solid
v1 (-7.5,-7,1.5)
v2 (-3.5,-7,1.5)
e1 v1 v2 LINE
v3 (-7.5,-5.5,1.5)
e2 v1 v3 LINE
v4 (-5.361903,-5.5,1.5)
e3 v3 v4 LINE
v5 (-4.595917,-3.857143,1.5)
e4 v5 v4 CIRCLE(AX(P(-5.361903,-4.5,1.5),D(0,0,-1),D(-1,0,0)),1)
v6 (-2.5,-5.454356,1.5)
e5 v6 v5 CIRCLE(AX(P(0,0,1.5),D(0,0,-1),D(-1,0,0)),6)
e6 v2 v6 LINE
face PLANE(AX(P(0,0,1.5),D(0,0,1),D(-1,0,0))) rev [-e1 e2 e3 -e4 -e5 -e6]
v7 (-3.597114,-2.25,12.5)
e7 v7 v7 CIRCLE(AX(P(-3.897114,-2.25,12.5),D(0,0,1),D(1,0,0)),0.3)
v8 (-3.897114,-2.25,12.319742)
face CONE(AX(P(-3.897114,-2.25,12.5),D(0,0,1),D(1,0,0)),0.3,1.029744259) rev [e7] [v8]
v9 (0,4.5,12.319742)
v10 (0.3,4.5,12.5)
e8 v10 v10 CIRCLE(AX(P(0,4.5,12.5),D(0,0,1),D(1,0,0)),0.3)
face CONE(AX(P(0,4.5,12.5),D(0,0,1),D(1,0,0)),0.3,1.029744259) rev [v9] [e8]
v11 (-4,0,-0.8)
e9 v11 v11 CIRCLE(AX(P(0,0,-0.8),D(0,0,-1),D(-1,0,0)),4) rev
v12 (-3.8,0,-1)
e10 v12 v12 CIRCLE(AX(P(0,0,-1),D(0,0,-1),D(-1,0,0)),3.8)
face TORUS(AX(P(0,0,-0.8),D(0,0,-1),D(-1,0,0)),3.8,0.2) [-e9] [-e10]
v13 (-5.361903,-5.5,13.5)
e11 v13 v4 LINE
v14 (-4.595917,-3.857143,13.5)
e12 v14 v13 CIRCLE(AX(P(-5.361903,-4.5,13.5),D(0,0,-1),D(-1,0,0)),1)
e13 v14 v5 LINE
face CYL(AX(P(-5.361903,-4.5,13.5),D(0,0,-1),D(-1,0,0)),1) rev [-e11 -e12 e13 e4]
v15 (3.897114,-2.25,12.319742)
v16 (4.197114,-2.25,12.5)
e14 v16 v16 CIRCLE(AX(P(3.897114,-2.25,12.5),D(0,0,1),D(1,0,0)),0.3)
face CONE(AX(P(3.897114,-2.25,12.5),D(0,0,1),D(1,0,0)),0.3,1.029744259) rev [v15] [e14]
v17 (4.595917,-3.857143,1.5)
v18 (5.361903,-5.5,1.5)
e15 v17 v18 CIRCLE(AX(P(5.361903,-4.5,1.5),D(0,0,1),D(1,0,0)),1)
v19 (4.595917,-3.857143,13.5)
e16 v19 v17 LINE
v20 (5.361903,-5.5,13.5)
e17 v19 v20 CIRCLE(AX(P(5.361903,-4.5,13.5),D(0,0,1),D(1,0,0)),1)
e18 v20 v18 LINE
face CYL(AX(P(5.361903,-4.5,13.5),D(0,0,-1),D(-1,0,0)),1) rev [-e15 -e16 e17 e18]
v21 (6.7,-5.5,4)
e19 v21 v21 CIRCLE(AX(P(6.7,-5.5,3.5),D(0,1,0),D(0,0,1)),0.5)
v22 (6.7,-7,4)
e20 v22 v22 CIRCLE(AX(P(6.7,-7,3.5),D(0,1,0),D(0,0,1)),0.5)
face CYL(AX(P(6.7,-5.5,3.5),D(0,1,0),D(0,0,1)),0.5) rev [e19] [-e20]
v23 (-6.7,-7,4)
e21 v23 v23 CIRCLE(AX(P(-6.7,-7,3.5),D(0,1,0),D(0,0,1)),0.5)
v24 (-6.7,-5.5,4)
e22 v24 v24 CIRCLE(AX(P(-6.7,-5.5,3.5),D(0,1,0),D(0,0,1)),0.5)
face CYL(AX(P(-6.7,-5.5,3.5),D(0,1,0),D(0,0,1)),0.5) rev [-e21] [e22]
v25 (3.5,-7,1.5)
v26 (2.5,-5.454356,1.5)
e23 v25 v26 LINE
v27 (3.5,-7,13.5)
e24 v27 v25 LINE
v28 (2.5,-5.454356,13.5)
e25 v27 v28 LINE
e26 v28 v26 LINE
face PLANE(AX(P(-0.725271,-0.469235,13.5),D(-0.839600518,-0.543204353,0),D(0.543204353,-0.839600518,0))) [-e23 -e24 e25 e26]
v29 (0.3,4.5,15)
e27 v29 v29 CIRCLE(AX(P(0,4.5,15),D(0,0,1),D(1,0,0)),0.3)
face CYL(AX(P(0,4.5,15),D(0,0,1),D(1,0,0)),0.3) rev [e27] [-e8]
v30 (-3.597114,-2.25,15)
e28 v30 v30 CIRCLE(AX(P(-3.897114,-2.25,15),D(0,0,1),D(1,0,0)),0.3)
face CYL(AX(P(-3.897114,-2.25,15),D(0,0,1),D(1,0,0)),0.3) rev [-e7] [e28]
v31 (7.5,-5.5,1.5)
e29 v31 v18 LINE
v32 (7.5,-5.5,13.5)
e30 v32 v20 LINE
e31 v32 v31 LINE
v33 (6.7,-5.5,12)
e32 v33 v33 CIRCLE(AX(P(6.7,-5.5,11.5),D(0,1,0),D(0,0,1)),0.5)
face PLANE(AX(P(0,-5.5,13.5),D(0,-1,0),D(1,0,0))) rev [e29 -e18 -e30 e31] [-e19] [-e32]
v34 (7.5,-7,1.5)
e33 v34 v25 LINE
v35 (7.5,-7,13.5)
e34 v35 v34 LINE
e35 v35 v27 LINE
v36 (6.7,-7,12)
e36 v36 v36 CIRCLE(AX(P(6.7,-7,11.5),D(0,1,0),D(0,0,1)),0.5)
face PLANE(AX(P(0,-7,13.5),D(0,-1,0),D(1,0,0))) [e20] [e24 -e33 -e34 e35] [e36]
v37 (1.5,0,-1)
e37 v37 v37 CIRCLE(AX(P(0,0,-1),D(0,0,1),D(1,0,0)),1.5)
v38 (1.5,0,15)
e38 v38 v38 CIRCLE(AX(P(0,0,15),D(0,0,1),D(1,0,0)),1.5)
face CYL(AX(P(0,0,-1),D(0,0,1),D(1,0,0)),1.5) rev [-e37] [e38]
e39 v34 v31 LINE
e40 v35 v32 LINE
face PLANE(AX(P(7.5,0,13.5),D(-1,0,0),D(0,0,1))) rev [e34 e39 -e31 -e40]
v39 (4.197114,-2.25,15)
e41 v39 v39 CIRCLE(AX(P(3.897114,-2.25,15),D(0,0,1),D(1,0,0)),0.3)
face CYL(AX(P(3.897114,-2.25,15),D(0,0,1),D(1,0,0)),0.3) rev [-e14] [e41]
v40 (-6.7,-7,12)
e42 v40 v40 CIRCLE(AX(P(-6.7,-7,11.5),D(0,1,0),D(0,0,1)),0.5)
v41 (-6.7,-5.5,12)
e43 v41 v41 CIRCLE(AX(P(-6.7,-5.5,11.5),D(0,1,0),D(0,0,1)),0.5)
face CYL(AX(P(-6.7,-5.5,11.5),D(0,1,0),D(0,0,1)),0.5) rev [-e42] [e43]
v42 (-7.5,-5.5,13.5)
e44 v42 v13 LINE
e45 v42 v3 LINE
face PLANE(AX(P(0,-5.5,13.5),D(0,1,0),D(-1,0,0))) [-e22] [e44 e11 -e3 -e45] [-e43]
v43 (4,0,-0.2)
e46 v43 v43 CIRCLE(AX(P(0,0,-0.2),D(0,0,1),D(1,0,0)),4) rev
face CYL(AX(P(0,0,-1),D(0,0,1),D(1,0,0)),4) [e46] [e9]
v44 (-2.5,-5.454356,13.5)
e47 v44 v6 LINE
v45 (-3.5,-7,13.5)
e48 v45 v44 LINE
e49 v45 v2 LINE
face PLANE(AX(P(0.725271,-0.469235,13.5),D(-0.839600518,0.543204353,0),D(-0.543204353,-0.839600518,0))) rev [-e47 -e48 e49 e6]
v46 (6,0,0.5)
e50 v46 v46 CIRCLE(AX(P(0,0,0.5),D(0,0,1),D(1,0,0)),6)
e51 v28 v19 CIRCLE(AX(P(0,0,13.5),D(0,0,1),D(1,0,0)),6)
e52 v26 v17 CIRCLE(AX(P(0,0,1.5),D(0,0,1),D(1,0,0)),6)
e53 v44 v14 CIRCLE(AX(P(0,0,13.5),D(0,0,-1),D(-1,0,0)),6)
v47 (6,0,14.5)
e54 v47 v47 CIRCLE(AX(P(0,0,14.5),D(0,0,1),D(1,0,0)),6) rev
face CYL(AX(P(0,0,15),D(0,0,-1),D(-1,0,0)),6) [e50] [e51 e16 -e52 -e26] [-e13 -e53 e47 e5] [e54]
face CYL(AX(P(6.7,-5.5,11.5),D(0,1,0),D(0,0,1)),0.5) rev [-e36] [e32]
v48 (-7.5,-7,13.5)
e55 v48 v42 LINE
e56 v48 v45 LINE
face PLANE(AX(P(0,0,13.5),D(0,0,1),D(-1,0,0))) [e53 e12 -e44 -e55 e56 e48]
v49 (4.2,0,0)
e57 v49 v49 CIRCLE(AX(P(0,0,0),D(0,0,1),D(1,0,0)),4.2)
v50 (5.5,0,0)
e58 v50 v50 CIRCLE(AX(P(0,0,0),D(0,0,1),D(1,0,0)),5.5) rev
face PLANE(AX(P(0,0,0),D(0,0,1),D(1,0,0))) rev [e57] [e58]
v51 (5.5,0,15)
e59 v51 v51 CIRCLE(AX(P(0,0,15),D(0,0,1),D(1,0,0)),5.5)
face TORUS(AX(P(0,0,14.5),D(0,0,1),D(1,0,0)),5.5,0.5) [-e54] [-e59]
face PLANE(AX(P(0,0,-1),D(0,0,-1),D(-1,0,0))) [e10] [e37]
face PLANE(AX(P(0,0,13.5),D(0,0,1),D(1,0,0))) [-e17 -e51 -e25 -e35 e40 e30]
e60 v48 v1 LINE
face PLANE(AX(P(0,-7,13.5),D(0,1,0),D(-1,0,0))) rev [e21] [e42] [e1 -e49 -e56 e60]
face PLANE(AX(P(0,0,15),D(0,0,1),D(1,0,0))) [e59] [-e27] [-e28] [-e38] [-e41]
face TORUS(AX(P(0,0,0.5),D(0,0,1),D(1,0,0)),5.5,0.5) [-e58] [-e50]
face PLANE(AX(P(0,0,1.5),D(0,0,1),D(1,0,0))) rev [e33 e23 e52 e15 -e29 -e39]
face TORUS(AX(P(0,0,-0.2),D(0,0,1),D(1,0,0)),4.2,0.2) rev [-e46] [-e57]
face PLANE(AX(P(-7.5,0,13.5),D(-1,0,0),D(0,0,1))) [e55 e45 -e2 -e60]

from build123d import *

# Parameters (mm, degrees)
SKETCH_1_R             = 6
EXTRUDE_1_DEPTH        = 15
SKETCH_3_R             = 4
EXTRUDE_3_DEPTH        = 1
FILLET_2_R             = 0.5
EXTRUDE_START          = 7.5
SKETCH_4_W             = 4
SKETCH_4_H             = 1.5
EXTRUDE_4_DEPTH        = 6
F_1_0MM_1_D            = 1
FILLET_3_R             = 0.2
SKETCH_7_R             = 1.5
CUT_EXTRUDE_1_DEPTH    = 20.006577809
HOLE_WIZARD_M2_1_D     = 0.6
HOLE_WIZARD_M2_1_DEPTH = 2.5
HOLE_WIZARD_M2_1_TIP   = 0.180258186


with BuildPart() as part:
    # 草圖1 → 填料-伸長1 (new body)
    with BuildSketch(Plane.XY):
        Circle(SKETCH_1_R)
    extrude(amount=EXTRUDE_1_DEPTH)

    # 草圖3 → 填料-伸長3 (add)
    with BuildSketch(Plane(origin=(0, 0, 0), x_dir=(-1, 0, 0), z_dir=(0, 0, -1))):
        Circle(SKETCH_3_R)
    extrude(amount=EXTRUDE_3_DEPTH)

    # 圓角2
    fillet_2_edges = [part.edges().sort_by_distance(p)[0] for p in [
        (-6, 0, 0),
        (-6, 0, 15),
    ]]
    fillet(fillet_2_edges, radius=FILLET_2_R)

    # 草圖4 → 填料-伸長4 (add, symmetric)
    with BuildSketch(Plane.XY.offset(EXTRUDE_START)):
        with Locations((5.5, -6.25)):
            Rectangle(SKETCH_4_W, SKETCH_4_H)
        with BuildLine():
            Line((2.5, -5.454356057), (3.5, -7))
            Line((3.5, -7), (3.5, -5.5))
            Line((3.5, -5.5), (5.361902647, -5.5))
            ThreePointArc((5.361902647, -5.5), (4.45557568, -4.922577127), (4.595916555, -3.857142857))
            ThreePointArc((4.595916555, -3.857142857), (3.636726611, -4.772234231), (2.5, -5.454356057))
        make_face()
    extrude_4 = extrude(amount=EXTRUDE_4_DEPTH, both=True)

    # Ø1.0mm 定位孔1 (through all)
    with Locations(Plane(origin=(0, -5.5, 0), x_dir=(1, 0, 0), z_dir=(0, 1, 0))):
        with Locations((6.7, -3.5), (6.7, -11.5)):
            f_1_0mm_1 = Hole(F_1_0MM_1_D / 2)

    # 鏡射1: 填料-伸長4, Ø1.0mm 定位孔1 across plane
    add(extrude_4.mirror(Plane(origin=(0, 0, 0), x_dir=(0, 0, 1), z_dir=(1, 0, 0))))
    add(f_1_0mm_1.mirror(Plane(origin=(0, 0, 0), x_dir=(0, 0, 1), z_dir=(1, 0, 0))), mode=Mode.SUBTRACT)

    # 圓角3
    fillet_3_edges = [part.edges().sort_by_distance(p)[0] for p in [
        (4, 0, 0),
        (4, 0, -1),
    ]]
    fillet(fillet_3_edges, radius=FILLET_3_R)

    # 草圖7 → 除料-伸長1 (cut, through all)
    with BuildSketch(Plane.XY.offset(15)):
        Circle(SKETCH_7_R)
    extrude(amount=-CUT_EXTRUDE_1_DEPTH, mode=Mode.SUBTRACT)

    # M2 螺紋孔1
    with Locations(Plane.XY.offset(15)):
        with Locations((0, 4.5), (3.897114317, -2.25), (-3.897114317, -2.25)):
            Hole(HOLE_WIZARD_M2_1_D / 2, depth=HOLE_WIZARD_M2_1_DEPTH)
            with Locations((0, 0, -(HOLE_WIZARD_M2_1_DEPTH + HOLE_WIZARD_M2_1_TIP / 2))):  # 118° drill point
                Cone(0, HOLE_WIZARD_M2_1_D / 2, HOLE_WIZARD_M2_1_TIP, mode=Mode.SUBTRACT)


solid = part.part
